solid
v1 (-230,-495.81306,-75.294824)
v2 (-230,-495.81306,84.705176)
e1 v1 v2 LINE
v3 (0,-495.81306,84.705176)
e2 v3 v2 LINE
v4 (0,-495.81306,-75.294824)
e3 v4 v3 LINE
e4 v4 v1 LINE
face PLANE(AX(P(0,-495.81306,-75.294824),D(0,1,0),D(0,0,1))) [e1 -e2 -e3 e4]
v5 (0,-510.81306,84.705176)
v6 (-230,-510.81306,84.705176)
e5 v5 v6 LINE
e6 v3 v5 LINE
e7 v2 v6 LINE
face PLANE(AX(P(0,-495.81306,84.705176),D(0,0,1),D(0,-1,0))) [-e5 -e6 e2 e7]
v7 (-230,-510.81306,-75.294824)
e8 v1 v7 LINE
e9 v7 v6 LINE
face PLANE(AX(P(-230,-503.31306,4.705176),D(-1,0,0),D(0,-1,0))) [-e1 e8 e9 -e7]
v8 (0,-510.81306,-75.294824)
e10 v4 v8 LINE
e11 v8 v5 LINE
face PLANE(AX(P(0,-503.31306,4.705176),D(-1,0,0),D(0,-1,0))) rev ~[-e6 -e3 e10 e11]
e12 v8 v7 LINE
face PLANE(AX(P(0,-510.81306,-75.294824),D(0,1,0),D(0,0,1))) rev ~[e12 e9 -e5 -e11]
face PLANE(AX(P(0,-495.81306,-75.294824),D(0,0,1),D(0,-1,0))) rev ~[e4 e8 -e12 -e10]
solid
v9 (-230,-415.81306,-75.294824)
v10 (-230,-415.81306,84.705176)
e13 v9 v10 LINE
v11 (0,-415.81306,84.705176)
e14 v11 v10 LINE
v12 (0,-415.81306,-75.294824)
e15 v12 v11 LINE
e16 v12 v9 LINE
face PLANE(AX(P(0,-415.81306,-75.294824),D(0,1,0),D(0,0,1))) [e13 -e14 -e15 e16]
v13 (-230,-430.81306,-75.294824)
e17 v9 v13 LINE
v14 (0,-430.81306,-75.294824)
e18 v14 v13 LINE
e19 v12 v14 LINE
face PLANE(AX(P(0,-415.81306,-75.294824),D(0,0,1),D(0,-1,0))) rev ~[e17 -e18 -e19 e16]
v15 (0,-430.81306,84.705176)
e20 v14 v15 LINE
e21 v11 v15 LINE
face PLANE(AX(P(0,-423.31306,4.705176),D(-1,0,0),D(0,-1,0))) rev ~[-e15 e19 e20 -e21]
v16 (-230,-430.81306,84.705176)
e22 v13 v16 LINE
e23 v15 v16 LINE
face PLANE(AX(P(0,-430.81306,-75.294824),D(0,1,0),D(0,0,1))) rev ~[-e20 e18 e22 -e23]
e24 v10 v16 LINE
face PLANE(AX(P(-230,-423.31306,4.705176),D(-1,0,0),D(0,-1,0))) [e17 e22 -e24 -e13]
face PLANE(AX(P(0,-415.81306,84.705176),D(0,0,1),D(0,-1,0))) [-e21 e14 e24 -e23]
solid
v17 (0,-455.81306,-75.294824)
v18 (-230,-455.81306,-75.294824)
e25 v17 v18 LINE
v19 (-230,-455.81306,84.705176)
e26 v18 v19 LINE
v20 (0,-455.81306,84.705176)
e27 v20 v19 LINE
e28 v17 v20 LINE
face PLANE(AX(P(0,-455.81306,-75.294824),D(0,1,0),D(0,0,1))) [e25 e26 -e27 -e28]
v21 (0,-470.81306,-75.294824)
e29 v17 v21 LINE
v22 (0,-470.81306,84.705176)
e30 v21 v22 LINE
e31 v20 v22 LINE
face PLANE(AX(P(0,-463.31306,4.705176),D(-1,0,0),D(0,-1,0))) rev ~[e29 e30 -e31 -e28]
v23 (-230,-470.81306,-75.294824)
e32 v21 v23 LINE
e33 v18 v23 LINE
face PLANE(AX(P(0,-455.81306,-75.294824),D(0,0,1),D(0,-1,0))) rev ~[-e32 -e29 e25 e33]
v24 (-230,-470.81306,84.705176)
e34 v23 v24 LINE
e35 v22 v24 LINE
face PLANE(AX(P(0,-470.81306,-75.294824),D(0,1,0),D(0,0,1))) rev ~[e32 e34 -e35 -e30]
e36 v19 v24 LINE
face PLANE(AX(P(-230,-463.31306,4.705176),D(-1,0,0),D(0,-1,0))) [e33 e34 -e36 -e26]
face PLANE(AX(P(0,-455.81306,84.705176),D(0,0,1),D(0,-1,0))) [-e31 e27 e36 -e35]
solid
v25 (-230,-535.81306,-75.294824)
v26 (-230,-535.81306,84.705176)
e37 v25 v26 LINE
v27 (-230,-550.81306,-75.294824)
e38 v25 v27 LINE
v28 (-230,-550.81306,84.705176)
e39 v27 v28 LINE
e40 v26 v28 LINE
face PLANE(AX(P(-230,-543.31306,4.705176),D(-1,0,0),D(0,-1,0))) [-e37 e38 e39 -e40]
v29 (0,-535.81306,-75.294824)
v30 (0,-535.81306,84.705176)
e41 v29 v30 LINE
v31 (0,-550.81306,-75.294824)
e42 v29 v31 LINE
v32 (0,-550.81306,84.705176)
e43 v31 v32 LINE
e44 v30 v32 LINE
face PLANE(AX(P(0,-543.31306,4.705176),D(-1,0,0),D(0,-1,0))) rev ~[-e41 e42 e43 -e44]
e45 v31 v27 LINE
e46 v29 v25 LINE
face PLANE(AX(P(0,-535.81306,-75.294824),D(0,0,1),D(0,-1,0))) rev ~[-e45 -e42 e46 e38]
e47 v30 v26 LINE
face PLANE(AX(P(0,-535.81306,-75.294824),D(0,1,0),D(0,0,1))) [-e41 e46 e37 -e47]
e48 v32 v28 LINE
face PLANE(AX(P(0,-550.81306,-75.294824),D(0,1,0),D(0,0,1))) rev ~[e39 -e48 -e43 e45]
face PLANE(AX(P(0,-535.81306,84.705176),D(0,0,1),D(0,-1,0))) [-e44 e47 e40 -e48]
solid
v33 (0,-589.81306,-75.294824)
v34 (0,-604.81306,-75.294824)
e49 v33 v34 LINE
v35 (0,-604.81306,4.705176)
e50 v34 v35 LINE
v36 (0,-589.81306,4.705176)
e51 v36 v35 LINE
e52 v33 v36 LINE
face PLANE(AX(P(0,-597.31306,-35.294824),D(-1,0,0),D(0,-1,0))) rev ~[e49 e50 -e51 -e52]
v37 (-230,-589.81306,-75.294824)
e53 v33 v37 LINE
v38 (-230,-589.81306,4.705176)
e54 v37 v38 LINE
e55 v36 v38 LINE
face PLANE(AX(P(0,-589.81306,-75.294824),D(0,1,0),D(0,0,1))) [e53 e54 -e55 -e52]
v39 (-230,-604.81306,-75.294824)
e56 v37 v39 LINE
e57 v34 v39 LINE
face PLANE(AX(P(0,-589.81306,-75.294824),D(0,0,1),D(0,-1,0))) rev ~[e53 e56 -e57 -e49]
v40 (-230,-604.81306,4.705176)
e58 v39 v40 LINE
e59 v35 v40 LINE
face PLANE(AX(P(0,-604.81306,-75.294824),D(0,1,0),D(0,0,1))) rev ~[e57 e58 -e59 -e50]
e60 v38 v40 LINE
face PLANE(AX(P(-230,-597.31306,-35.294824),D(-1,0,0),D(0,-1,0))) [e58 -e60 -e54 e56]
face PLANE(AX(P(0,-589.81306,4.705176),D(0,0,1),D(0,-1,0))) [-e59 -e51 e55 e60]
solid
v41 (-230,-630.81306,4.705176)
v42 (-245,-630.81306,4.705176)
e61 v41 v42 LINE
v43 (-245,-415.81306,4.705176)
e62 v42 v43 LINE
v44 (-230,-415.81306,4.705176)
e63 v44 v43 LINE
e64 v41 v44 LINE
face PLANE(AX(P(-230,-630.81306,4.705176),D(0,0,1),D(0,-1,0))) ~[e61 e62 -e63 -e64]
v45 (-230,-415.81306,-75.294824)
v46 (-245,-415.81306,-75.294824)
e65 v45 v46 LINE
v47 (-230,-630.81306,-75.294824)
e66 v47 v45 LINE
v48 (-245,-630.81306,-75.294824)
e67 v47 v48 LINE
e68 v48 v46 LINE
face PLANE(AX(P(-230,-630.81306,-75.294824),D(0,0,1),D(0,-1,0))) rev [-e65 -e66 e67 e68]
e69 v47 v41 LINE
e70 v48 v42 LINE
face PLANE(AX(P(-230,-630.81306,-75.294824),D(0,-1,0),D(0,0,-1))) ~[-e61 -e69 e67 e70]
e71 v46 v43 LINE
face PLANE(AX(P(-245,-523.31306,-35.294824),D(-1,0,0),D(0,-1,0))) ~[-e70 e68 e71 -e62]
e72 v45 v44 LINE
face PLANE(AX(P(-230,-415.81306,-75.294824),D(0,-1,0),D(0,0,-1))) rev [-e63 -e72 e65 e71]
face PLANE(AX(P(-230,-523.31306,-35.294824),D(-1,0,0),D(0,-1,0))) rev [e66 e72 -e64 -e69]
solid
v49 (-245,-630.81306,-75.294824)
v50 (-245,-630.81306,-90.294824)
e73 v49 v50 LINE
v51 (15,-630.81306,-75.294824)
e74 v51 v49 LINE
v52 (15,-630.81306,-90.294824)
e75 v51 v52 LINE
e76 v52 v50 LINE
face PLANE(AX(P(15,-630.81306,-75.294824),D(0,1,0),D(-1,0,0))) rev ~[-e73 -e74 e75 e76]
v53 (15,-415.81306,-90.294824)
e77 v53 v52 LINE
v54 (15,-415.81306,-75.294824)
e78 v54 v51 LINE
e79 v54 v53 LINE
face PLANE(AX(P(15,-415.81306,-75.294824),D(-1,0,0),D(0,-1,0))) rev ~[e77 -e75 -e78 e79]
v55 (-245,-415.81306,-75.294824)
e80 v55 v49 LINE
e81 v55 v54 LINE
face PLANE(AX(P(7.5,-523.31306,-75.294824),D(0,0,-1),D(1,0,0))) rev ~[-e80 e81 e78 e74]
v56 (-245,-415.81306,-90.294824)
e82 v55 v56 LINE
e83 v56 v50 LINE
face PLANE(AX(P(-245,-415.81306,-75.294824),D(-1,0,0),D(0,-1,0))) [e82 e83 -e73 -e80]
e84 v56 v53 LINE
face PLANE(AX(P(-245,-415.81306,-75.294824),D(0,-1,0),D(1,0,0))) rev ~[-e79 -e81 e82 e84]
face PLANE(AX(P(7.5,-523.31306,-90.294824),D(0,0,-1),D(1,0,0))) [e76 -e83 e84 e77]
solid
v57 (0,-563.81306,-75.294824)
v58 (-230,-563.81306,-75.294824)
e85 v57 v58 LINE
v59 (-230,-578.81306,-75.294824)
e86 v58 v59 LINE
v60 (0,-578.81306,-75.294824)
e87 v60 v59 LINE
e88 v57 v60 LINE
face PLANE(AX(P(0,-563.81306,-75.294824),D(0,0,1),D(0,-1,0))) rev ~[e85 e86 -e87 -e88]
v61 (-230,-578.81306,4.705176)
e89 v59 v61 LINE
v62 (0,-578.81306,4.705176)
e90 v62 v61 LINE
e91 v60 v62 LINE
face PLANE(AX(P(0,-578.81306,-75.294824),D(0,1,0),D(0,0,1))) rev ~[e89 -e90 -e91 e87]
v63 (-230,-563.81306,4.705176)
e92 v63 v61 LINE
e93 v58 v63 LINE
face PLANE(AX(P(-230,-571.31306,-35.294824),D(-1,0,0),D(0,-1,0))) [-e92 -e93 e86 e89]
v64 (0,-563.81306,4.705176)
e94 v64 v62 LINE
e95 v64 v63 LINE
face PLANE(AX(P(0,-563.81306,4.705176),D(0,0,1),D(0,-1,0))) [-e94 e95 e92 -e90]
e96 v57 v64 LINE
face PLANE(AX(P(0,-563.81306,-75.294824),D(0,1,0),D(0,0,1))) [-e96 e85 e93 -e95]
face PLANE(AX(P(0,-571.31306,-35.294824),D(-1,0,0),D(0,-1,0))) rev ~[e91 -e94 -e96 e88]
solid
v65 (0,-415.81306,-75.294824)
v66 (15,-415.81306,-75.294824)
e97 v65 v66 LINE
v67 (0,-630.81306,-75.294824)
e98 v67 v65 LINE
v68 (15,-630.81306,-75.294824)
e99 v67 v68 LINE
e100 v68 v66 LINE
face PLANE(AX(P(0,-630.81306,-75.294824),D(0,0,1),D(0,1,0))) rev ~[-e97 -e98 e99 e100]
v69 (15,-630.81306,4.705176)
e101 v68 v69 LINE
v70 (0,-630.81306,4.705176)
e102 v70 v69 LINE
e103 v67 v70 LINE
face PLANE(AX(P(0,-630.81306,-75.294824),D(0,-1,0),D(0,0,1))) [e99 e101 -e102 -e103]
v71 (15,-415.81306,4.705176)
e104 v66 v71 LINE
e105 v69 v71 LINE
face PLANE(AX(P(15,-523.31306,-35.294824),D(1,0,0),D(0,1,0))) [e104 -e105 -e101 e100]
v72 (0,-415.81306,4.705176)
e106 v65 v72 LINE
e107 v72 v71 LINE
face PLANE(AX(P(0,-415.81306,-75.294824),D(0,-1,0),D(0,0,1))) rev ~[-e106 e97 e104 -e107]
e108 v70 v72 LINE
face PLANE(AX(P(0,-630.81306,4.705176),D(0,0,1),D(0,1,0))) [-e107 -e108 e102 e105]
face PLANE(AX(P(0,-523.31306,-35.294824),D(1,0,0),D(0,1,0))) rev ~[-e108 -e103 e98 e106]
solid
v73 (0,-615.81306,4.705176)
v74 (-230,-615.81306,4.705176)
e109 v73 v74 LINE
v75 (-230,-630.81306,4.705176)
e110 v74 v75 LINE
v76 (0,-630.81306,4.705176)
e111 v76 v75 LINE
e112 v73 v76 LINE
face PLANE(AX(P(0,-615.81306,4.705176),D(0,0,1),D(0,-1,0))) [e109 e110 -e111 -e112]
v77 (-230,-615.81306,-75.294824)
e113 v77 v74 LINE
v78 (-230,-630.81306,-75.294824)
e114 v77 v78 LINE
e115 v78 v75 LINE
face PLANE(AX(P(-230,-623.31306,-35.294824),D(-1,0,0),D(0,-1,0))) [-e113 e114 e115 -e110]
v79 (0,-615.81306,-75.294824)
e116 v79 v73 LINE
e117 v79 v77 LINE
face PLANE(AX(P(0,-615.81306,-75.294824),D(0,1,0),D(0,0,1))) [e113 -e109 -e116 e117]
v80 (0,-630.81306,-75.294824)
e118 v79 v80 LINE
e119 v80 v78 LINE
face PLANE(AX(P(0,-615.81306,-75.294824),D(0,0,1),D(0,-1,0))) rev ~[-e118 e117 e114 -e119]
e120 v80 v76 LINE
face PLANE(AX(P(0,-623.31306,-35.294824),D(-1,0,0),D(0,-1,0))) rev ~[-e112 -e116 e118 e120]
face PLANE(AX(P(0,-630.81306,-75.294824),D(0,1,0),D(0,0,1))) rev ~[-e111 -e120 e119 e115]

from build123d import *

# Parameters (mm, degrees)
F0_W     = 215
F0_H     = 80
F1_DEPTH = 15
F2_W     = 15
F2_H     = 160
F2_H_2   = 80
F3_DEPTH = 230
F6_W     = 15
F6_H     = 215
F6_W_2   = 245
F7_DEPTH = 15


with BuildPart() as f1:
    # F0 (on Right) → F1 (new body)
    with BuildSketch(Plane.YZ):
        with Locations((-523.31306, -35.294824)):
            Rectangle(F0_W, F0_H)
    extrude(amount=F1_DEPTH)


with BuildPart() as f3:
    # F2 (on face) → F3 (new body)
    with BuildSketch(Plane(origin=(0, 0, 0), x_dir=(0, -1, 0), z_dir=(-1, 0, 0))):
        with Locations((423.31306, 4.705176)):
            Rectangle(F2_W, F2_H)
        with Locations((463.31306, 4.705176)):
            Rectangle(F2_W, F2_H)
        with Locations((503.31306, 4.705176)):
            Rectangle(F2_W, F2_H)
        with Locations((543.31306, 4.705176)):
            Rectangle(F2_W, F2_H)
        with Locations((623.31306, -35.294824)):
            Rectangle(F2_W, F2_H_2)
        with Locations((597.31306, -35.294824)):
            Rectangle(F2_W, F2_H_2)
        with Locations((571.31306, -35.294824)):
            Rectangle(F2_W, F2_H_2)
    extrude(amount=F3_DEPTH)


with BuildPart() as f5_1:
    # F5: instance of F1
    add(f1.part.mirror(Plane.YZ.offset(-115)))


with BuildPart() as f7:
    # F6 (on face) → F7 (new body)
    with BuildSketch(Plane(origin=(0, 0, -75.294824), x_dir=(1, 0, 0), z_dir=(0, 0, -1))):
        with Locations((7.5, 523.31306)):
            Rectangle(F6_W, F6_H)
        with Locations((-122.5, 523.31306)):
            Rectangle(F6_W_2, F6_H)
    extrude(amount=F7_DEPTH)


solid = Compound([f1.part, f3.part, f5_1.part, f7.part])
